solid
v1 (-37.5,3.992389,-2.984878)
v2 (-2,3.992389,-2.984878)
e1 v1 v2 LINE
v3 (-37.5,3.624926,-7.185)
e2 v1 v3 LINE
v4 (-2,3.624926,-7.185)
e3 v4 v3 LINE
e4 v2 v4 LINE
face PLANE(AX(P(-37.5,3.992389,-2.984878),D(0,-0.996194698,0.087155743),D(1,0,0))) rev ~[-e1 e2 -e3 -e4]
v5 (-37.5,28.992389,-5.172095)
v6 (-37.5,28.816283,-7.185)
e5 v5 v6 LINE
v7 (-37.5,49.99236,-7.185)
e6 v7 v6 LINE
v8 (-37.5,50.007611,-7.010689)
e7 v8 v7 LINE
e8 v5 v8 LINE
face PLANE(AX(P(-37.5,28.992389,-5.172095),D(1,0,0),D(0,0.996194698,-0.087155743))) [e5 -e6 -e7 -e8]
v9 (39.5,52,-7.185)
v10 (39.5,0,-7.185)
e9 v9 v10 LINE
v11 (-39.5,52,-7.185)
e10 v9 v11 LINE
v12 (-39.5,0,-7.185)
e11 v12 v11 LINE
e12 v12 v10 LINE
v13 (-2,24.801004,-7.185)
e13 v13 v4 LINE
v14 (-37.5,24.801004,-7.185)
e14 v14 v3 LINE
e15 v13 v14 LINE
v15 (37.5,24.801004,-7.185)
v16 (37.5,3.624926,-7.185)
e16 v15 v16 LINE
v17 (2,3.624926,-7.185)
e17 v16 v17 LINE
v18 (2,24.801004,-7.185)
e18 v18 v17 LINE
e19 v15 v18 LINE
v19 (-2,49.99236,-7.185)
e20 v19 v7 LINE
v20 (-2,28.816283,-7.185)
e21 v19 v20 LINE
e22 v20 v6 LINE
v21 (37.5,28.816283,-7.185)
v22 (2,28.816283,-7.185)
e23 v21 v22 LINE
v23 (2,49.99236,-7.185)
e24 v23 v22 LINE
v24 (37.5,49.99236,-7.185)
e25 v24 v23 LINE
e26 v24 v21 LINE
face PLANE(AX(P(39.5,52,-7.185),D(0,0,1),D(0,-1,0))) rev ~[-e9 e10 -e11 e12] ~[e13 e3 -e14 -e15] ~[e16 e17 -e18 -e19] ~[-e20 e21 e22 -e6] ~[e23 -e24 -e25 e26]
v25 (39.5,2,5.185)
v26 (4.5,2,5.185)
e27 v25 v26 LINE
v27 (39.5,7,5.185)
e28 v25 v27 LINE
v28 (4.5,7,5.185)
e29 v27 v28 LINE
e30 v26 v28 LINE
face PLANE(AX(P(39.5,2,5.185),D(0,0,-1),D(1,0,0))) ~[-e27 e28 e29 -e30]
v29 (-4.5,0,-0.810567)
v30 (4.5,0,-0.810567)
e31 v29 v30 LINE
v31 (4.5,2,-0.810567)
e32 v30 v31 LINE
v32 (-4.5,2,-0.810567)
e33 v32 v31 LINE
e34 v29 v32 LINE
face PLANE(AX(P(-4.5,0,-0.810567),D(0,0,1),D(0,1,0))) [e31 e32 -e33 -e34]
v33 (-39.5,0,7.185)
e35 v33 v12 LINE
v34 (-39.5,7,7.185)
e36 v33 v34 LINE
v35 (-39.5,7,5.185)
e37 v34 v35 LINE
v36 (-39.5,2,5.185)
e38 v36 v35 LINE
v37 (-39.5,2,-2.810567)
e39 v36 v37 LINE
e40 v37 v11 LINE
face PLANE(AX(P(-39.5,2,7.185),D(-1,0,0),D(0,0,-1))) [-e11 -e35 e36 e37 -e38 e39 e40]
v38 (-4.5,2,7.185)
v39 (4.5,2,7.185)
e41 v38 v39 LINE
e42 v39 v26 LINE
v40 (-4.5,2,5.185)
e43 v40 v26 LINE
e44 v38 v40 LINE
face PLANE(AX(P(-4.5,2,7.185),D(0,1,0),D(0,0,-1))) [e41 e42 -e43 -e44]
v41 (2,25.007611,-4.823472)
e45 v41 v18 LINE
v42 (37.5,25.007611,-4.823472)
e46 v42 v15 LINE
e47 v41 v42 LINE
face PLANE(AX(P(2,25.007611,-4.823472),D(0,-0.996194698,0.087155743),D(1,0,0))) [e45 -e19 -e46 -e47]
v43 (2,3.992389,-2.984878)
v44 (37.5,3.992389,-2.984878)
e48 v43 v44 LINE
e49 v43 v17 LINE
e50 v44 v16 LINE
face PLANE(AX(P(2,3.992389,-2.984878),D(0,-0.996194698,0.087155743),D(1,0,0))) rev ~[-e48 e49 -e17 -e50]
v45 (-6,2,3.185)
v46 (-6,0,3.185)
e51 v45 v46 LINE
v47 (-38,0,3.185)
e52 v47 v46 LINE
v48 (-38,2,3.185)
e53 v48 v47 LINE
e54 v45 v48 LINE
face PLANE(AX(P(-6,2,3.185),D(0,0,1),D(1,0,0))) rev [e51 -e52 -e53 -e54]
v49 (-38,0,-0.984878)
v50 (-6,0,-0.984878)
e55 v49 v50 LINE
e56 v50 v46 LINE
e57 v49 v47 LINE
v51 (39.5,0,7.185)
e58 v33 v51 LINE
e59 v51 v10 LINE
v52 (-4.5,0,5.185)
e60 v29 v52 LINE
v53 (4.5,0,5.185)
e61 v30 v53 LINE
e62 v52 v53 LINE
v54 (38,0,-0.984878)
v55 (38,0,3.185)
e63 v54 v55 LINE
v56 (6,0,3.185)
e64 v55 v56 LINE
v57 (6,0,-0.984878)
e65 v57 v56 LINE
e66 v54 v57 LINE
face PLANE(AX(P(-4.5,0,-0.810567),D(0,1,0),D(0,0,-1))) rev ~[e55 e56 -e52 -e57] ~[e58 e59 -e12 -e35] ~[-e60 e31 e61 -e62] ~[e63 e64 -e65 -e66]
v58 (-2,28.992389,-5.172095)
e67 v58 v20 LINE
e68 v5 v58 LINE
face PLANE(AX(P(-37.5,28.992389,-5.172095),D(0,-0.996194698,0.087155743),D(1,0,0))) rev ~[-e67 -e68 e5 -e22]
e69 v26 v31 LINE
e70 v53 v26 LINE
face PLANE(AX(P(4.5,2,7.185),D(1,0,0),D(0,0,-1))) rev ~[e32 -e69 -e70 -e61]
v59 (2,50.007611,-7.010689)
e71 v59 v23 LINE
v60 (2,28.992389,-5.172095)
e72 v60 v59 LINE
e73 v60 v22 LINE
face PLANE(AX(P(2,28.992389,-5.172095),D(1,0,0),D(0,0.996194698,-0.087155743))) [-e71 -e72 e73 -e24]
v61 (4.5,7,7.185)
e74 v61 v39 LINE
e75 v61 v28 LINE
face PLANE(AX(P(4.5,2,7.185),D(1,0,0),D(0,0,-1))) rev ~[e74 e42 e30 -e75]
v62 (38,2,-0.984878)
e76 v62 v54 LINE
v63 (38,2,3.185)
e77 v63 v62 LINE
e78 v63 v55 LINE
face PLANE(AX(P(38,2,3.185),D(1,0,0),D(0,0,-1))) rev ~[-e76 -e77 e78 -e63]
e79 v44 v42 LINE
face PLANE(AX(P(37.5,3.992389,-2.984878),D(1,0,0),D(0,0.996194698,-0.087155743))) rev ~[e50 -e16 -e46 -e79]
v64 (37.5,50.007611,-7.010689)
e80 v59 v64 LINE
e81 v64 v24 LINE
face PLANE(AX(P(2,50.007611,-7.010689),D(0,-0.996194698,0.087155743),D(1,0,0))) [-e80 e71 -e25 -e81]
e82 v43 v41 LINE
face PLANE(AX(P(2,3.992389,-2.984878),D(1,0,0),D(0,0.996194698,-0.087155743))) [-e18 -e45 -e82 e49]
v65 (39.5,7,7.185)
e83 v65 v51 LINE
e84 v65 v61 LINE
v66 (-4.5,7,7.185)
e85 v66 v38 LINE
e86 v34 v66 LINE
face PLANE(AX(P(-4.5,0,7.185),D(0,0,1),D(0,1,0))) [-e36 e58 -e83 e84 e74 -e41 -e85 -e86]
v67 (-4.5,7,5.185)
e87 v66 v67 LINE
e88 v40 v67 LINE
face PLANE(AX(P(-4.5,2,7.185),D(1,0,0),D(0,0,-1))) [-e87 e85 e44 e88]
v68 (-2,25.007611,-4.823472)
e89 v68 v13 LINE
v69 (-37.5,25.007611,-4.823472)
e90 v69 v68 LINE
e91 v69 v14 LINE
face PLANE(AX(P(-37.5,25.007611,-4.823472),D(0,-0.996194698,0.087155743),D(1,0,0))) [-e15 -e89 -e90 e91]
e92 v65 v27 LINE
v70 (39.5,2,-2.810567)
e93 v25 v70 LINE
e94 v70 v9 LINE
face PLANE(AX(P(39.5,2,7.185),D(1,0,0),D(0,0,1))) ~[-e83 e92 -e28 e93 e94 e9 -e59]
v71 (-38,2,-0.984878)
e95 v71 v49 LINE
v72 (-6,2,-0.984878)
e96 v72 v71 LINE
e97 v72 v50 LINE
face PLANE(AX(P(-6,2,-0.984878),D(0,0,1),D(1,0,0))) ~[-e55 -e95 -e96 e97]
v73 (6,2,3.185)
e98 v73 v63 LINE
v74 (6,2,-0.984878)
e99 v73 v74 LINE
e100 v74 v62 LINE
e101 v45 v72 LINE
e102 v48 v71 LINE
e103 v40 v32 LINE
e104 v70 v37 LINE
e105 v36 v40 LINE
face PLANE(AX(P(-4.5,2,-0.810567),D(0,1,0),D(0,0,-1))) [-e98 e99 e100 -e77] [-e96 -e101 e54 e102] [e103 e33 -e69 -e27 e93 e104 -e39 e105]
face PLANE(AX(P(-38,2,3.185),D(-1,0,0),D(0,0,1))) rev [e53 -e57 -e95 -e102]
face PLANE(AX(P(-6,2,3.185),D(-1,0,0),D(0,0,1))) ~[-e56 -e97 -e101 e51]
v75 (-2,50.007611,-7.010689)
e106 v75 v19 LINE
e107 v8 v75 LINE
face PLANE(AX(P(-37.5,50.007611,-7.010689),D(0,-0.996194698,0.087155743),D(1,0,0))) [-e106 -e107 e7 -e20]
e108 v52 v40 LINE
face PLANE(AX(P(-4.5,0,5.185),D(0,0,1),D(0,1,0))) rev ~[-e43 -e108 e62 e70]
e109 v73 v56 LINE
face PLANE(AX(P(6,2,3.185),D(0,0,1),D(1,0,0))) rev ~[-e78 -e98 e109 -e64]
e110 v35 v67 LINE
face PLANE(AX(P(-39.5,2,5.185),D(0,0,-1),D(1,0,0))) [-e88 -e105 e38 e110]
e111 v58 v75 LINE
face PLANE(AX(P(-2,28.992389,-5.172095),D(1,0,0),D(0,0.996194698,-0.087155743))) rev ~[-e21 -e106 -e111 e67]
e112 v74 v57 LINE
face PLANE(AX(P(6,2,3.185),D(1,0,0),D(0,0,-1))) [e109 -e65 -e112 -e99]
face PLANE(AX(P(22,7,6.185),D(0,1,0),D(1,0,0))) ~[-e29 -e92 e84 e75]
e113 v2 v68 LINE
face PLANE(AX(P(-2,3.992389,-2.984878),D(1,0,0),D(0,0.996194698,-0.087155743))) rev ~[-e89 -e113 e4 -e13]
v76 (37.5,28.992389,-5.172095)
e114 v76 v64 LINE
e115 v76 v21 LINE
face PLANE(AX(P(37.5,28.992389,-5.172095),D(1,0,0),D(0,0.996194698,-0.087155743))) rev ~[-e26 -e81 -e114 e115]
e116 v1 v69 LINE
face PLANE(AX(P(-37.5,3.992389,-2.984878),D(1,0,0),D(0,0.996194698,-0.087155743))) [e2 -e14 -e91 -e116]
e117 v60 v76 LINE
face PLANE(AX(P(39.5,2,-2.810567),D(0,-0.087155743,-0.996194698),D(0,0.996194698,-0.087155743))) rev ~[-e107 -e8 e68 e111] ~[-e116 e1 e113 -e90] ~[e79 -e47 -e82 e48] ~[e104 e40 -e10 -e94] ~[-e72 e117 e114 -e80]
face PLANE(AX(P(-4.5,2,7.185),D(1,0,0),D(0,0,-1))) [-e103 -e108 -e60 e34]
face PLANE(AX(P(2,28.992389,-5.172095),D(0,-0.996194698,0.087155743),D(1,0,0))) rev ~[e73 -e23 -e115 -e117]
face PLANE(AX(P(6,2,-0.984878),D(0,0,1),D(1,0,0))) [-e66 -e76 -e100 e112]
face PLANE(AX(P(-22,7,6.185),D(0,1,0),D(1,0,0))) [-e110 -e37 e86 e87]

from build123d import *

# Parameters (mm, degrees)
CROQUIS1_W              = 79
CROQUIS1_H              = 14.37
SALIENTE_EXTRUIR1_DEPTH = 2
SALIENTE_EXTRUIR2_DEPTH = 79
CROQUIS4_W              = 35
CROQUIS4_H              = 2
SALIENTE_EXTRUIR3_DEPTH = 5
CORTAR_EXTRUIR1_REACH   = 66.124
CROQUIS5_W              = 9
CROQUIS5_H              = 9.995566824
CORTAR_EXTRUIR2_REACH   = 68.213
CROQUIS6_W              = 35.5
CROQUIS6_H              = 21.095495938
CROQUIS6_H_2            = 21.095495939
CORTAR_EXTRUIR3_REACH   = 66.124
CROQUIS7_W              = 32
CROQUIS7_H              = 4.169878309
SALIENTE_EXTRUIR4_REACH = 70.495
CROQUIS8_W              = 2
CROQUIS8_H              = 2
SALIENTE_EXTRUIR5_REACH = 70.495
CROQUIS11_W             = 2
CROQUIS11_H             = 2


with BuildPart() as part:
    # Croquis1 → Saliente-Extruir1 (new body)
    with BuildSketch(Plane(origin=(0, 0, 0), x_dir=(1, 0, 0), z_dir=(0, 1, 0))):
        Rectangle(CROQUIS1_W, CROQUIS1_H)
    extrude(amount=SALIENTE_EXTRUIR1_DEPTH)

    # Croquis2 → Saliente-Extruir2 (add)
    with BuildSketch(Plane(origin=(39.5, 0, 0), x_dir=(0, 0, -1), z_dir=(1, 0, 0))):
        Polygon((2.810566824, 2), (7.185, 52), (7.185, 2), align=None)
    extrude(amount=-SALIENTE_EXTRUIR2_DEPTH)

    # Croquis4 → Saliente-Extruir3 (add)
    with BuildSketch(Plane(origin=(0, 2, 0), x_dir=(1, 0, 0), z_dir=(0, 1, 0))):
        with Locations((-22, -6.185)):
            Rectangle(CROQUIS4_W, CROQUIS4_H)
    saliente_extruir3 = extrude(amount=SALIENTE_EXTRUIR3_DEPTH)

    # Simetría1: Saliente-Extruir3 across plane
    add(saliente_extruir3.mirror(Plane(origin=(0, 0, 0), x_dir=(0, 0, 1), z_dir=(1, 0, 0))))

    # Croquis5 → Cortar-Extruir1 (cut, up to next)
    with BuildSketch(Plane(origin=(0, 2, 0), x_dir=(1, 0, 0), z_dir=(0, 1, 0)), mode=Mode.PRIVATE) as cortar_extruir1_sk1:
        with Locations((0, -2.187216588)):
            Rectangle(CROQUIS5_W, CROQUIS5_H)
    cortar_extruir1_tool1 = extrude(cortar_extruir1_sk1.sketch, amount=-CORTAR_EXTRUIR1_REACH, mode=Mode.PRIVATE) & part.part
    add(cortar_extruir1_tool1.solids().sort_by_distance((0, 2, 2.187217))[0], mode=Mode.SUBTRACT)

    # Cortar-Extruir2: up to this plane
    cortar_extruir2_end = Plane(origin=(39.5, 2, -7.185), z_dir=(0, 0, 1))
    # Croquis6 → Cortar-Extruir2 (cut, up to the surface)
    with BuildSketch(Plane(origin=(0, -0.228832657, -2.615569233), x_dir=(1, 0, 0), z_dir=(0, 0.0871557427476544, 0.996194698091746)), mode=Mode.PRIVATE) as cortar_extruir2_sk1:
        with Locations((-19.75, 39.880590343)):
            Rectangle(CROQUIS6_W, CROQUIS6_H)
    cortar_extruir2_tool1 = split(extrude(cortar_extruir2_sk1.sketch, amount=-CORTAR_EXTRUIR2_REACH, mode=Mode.PRIVATE), bisect_by=cortar_extruir2_end, keep=Keep.BOTH, mode=Mode.PRIVATE)
    add(cortar_extruir2_tool1.solids().sort_by_distance((-19.75, 39.5, -6.091392))[0], mode=Mode.SUBTRACT)
    # Croquis6 → Cortar-Extruir2 (cut, up to the surface)
    with BuildSketch(Plane(origin=(0, -0.228832657, -2.615569233), x_dir=(1, 0, 0), z_dir=(0, 0.0871557427476544, 0.996194698091746)), mode=Mode.PRIVATE) as cortar_extruir2_sk2:
        with Locations((19.75, 39.880590343)):
            Rectangle(CROQUIS6_W, CROQUIS6_H)
    cortar_extruir2_tool2 = split(extrude(cortar_extruir2_sk2.sketch, amount=-CORTAR_EXTRUIR2_REACH, mode=Mode.PRIVATE), bisect_by=cortar_extruir2_end, keep=Keep.BOTH, mode=Mode.PRIVATE)
    add(cortar_extruir2_tool2.solids().sort_by_distance((19.75, 39.5, -6.091392))[0], mode=Mode.SUBTRACT)
    # Croquis6 → Cortar-Extruir2 (cut, up to the surface)
    with BuildSketch(Plane(origin=(0, -0.228832657, -2.615569233), x_dir=(1, 0, 0), z_dir=(0, 0.0871557427476544, 0.996194698091746)), mode=Mode.PRIVATE) as cortar_extruir2_sk3:
        with Locations((19.75, 14.785094405)):
            Rectangle(CROQUIS6_W, CROQUIS6_H_2)
    cortar_extruir2_tool3 = split(extrude(cortar_extruir2_sk3.sketch, amount=-CORTAR_EXTRUIR2_REACH, mode=Mode.PRIVATE), bisect_by=cortar_extruir2_end, keep=Keep.BOTH, mode=Mode.PRIVATE)
    add(cortar_extruir2_tool3.solids().sort_by_distance((19.75, 14.5, -3.904175))[0], mode=Mode.SUBTRACT)
    # Croquis6 → Cortar-Extruir2 (cut, up to the surface)
    with BuildSketch(Plane(origin=(0, -0.228832657, -2.615569233), x_dir=(1, 0, 0), z_dir=(0, 0.0871557427476544, 0.996194698091746)), mode=Mode.PRIVATE) as cortar_extruir2_sk4:
        with Locations((-19.75, 14.785094405)):
            Rectangle(CROQUIS6_W, CROQUIS6_H_2)
    cortar_extruir2_tool4 = split(extrude(cortar_extruir2_sk4.sketch, amount=-CORTAR_EXTRUIR2_REACH, mode=Mode.PRIVATE), bisect_by=cortar_extruir2_end, keep=Keep.BOTH, mode=Mode.PRIVATE)
    add(cortar_extruir2_tool4.solids().sort_by_distance((-19.75, 14.5, -3.904175))[0], mode=Mode.SUBTRACT)

    # Croquis7 → Cortar-Extruir3 (cut, up to next)
    with BuildSketch(Plane(origin=(0, 2, 0), x_dir=(1, 0, 0), z_dir=(0, 1, 0)), mode=Mode.PRIVATE) as cortar_extruir3_sk1:
        with Locations((22, -1.100060846)):
            Rectangle(CROQUIS7_W, CROQUIS7_H)
    cortar_extruir3_tool1 = extrude(cortar_extruir3_sk1.sketch, amount=-CORTAR_EXTRUIR3_REACH, mode=Mode.PRIVATE) & part.part
    cortar_extruir3 = cortar_extruir3_tool1.solids().sort_by_distance((22, 2, 1.100061))[0]
    add(cortar_extruir3, mode=Mode.SUBTRACT)

    # Simetría4: Cortar-Extruir3 across plane
    add(cortar_extruir3.mirror(Plane(origin=(0, 0, 0), x_dir=(0, 0, 1), z_dir=(1, 0, 0))), mode=Mode.SUBTRACT)

    # Croquis8 → Saliente-Extruir4 (add, up to next)
    with BuildSketch(Plane(origin=(-4.5, 0, 0), x_dir=(0, 0, -1), z_dir=(1, 0, 0)), mode=Mode.PRIVATE) as saliente_extruir4_sk1:
        with Locations((-6.185, 1)):
            Rectangle(CROQUIS8_W, CROQUIS8_H)
    saliente_extruir4_tool1 = extrude(saliente_extruir4_sk1.sketch, amount=SALIENTE_EXTRUIR4_REACH, mode=Mode.PRIVATE) - part.part
    add(saliente_extruir4_tool1.solids().sort_by_distance((-4.5, 1, 6.185))[0])

    # Croquis11 → Saliente-Extruir5 (add, up to next)
    with BuildSketch(Plane(origin=(-4.5, 0, 0), x_dir=(0, 0, -1), z_dir=(1, 0, 0)), mode=Mode.PRIVATE) as saliente_extruir5_sk1:
        with Locations((1.810566824, 1)):
            Rectangle(CROQUIS11_W, CROQUIS11_H)
    saliente_extruir5_tool1 = extrude(saliente_extruir5_sk1.sketch, amount=SALIENTE_EXTRUIR5_REACH, mode=Mode.PRIVATE) - part.part
    add(saliente_extruir5_tool1.solids().sort_by_distance((-4.5, 1, -1.810567))[0])


solid = part.part
